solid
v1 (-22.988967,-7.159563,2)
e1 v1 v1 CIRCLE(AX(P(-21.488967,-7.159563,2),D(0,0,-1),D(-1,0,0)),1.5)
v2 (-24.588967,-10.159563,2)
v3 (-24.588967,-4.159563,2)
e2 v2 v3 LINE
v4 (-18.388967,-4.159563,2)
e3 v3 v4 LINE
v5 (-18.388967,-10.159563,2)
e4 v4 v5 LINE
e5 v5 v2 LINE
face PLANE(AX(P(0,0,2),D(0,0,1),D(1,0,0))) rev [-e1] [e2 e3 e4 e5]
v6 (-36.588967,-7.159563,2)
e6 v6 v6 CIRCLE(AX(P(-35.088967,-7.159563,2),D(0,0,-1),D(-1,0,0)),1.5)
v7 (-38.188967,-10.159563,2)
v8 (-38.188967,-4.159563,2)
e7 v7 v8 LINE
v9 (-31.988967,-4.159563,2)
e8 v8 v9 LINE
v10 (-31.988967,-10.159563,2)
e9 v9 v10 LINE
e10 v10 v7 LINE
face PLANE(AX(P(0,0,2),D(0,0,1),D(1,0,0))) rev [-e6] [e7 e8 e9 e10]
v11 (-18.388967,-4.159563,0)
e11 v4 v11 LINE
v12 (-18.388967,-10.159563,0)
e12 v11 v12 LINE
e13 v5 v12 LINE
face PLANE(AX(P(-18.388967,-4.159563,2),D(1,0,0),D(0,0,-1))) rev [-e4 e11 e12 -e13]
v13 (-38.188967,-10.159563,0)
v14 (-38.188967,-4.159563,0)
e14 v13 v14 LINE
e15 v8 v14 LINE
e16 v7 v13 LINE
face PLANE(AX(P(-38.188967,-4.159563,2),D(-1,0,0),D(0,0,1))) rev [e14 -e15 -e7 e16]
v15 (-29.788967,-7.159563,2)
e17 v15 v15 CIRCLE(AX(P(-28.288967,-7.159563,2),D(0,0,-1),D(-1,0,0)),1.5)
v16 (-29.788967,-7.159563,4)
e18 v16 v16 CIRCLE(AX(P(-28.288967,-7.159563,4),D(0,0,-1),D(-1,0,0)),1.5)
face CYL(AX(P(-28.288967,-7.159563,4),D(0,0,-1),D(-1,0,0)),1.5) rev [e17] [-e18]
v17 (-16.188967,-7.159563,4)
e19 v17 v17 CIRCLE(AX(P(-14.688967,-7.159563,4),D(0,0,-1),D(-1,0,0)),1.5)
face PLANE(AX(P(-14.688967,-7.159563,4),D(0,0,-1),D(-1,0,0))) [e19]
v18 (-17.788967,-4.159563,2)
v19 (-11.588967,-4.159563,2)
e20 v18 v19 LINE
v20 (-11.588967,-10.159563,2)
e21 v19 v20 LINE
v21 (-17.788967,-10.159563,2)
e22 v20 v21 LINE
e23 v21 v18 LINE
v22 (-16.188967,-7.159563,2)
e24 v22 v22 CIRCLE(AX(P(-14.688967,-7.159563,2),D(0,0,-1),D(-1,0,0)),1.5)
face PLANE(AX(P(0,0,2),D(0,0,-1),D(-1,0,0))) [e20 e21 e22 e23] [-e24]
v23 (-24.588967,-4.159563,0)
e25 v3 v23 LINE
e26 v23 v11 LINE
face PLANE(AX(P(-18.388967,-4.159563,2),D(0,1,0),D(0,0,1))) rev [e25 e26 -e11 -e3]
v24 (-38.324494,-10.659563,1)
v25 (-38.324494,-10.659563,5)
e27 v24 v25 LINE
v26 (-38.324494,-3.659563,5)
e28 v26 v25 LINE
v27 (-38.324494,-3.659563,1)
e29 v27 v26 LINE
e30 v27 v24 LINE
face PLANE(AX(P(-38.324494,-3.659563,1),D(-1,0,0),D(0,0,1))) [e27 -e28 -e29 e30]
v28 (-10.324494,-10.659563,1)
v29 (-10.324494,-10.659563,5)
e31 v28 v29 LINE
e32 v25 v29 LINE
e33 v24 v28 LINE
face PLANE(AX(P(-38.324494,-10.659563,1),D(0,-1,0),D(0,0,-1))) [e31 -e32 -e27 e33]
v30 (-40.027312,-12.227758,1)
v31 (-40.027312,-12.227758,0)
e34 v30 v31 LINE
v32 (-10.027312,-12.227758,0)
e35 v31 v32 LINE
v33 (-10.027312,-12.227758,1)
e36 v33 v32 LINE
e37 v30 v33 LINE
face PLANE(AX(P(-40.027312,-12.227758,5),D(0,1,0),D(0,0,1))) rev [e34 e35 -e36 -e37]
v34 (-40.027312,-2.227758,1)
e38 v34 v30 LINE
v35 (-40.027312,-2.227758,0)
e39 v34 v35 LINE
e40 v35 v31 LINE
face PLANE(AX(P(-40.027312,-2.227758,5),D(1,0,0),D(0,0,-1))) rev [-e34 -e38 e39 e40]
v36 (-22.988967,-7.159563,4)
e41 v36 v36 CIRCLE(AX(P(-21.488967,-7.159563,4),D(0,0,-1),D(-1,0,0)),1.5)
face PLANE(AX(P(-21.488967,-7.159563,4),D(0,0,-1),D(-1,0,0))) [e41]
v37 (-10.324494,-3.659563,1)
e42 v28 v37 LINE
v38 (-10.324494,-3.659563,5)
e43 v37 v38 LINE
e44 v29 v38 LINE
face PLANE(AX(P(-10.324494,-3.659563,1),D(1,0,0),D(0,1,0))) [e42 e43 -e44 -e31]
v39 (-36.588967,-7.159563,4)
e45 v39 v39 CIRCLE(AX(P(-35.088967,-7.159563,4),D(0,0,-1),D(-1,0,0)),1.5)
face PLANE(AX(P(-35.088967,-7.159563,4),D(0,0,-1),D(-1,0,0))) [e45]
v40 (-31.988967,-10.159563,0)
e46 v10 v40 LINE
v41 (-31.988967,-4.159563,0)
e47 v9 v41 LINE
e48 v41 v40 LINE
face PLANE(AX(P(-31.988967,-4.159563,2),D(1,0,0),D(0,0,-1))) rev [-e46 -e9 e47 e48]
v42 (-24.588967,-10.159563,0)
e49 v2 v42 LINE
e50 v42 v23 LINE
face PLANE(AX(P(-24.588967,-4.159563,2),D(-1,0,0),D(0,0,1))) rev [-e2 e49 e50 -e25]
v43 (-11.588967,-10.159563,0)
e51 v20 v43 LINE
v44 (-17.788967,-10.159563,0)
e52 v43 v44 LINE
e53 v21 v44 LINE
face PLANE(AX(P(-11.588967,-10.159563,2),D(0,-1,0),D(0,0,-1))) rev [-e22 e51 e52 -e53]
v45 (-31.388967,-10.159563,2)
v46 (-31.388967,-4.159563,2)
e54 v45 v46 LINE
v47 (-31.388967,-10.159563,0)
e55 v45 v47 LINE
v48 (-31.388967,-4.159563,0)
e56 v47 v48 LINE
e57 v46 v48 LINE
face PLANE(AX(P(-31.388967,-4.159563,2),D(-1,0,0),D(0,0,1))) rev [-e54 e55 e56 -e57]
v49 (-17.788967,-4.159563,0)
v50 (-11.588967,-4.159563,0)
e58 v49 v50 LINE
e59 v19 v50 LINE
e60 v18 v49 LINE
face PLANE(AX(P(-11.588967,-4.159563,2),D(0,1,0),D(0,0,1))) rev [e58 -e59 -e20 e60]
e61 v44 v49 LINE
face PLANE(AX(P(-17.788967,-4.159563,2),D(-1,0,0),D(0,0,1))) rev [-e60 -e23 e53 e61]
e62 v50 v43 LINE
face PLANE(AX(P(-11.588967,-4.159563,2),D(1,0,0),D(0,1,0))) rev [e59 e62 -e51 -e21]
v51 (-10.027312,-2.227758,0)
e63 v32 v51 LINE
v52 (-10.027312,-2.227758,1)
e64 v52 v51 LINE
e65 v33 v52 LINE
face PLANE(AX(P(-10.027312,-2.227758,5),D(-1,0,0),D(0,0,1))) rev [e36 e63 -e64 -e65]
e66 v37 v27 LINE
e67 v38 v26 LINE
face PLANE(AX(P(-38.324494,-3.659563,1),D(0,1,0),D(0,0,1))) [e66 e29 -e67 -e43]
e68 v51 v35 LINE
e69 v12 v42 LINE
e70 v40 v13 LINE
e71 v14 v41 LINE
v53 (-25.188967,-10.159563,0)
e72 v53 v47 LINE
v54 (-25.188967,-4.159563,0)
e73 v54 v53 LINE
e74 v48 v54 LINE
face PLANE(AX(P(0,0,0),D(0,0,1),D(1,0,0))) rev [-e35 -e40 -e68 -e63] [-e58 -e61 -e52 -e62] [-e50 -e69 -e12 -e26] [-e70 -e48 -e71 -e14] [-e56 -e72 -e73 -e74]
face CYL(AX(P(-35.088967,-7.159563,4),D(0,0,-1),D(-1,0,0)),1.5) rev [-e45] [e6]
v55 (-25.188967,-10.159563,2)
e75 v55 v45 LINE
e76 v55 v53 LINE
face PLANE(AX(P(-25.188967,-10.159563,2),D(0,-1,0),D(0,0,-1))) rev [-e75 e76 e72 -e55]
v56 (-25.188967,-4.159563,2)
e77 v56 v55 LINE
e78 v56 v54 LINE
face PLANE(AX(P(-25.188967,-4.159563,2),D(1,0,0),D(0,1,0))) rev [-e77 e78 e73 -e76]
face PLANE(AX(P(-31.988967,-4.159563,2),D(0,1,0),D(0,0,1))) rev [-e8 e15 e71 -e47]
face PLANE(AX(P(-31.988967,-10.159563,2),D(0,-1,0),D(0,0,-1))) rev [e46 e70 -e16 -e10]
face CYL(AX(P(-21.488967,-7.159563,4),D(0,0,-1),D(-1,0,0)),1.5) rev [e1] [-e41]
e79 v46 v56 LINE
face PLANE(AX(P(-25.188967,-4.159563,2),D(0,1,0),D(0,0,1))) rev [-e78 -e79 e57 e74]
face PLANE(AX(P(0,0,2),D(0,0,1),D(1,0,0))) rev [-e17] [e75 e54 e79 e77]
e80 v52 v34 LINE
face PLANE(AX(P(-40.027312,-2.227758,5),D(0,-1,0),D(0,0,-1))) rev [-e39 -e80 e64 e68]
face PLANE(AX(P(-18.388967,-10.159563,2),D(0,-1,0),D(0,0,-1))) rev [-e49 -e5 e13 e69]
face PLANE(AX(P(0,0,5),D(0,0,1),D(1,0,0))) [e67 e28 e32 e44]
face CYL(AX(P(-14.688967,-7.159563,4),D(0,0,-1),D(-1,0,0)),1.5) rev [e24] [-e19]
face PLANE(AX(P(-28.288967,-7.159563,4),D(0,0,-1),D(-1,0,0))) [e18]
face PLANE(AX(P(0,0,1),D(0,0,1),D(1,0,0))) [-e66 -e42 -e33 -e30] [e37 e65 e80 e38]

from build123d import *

# Parameters (mm, degrees)
SKETCH_1_W          = 30
SKETCH_1_H          = 10
EXTRUDE_1_DEPTH     = 5
SKETCH_2_W          = 6.2
SKETCH_2_H          = 6
CUT_EXTRUDE_1_DEPTH = 2
SKETCH_3_R          = 1.5
CUT_EXTRUDE_4_DEPTH = 2
SKETCH_5_W          = 30
SKETCH_5_H          = 10
SKETCH_5_W_2        = 28
SKETCH_5_H_2        = 7
CUT_EXTRUDE_5_DEPTH = 4


with BuildPart() as part:
    # 草图1 → 凸台-拉伸1 (new body)
    with BuildSketch(Plane.XY):
        with Locations((-25.027311994, -7.227757648)):
            Rectangle(SKETCH_1_W, SKETCH_1_H)
    extrude(amount=EXTRUDE_1_DEPTH)

    # 草图2 → 切除-拉伸1 (cut)
    with BuildSketch(Plane(origin=(0, 0, 0), x_dir=(-1, 0, 0), z_dir=(0, 0, -1))):
        with Locations((21.488967254, -7.159562762)):
            Rectangle(SKETCH_2_W, SKETCH_2_H)
        with Locations((14.688967254, -7.159562762)):
            Rectangle(SKETCH_2_W, SKETCH_2_H)
        with Locations((28.288967254, -7.159562762)):
            Rectangle(SKETCH_2_W, SKETCH_2_H)
        with Locations((35.088967254, -7.159562762)):
            Rectangle(SKETCH_2_W, SKETCH_2_H)
    extrude(amount=-CUT_EXTRUDE_1_DEPTH, mode=Mode.SUBTRACT)

    # 草图3 → 切除-拉伸4 (cut)
    with BuildSketch(Plane(origin=(0, 0, 2), x_dir=(-1, 0, 0), z_dir=(0, 0, -1))):
        with Locations((14.688967254, -7.159562762)):
            Circle(SKETCH_3_R)
        with Locations((21.488967254, -7.159562762)):
            Circle(SKETCH_3_R)
        with Locations((28.288967254, -7.159562762)):
            Circle(SKETCH_3_R)
        with Locations((35.088967254, -7.159562762)):
            Circle(SKETCH_3_R)
    extrude(amount=-CUT_EXTRUDE_4_DEPTH, mode=Mode.SUBTRACT)

    # 草图5 → 切除-拉伸5 (cut)
    with BuildSketch(Plane.XY.offset(5)):
        with Locations((-25.027311994, -7.227757648)):
            Rectangle(SKETCH_5_W, SKETCH_5_H)
        with Locations((-24.3244943, -7.159562762)):
            Rectangle(SKETCH_5_W_2, SKETCH_5_H_2, mode=Mode.SUBTRACT)
    extrude(amount=-CUT_EXTRUDE_5_DEPTH, mode=Mode.SUBTRACT)


solid = part.part
